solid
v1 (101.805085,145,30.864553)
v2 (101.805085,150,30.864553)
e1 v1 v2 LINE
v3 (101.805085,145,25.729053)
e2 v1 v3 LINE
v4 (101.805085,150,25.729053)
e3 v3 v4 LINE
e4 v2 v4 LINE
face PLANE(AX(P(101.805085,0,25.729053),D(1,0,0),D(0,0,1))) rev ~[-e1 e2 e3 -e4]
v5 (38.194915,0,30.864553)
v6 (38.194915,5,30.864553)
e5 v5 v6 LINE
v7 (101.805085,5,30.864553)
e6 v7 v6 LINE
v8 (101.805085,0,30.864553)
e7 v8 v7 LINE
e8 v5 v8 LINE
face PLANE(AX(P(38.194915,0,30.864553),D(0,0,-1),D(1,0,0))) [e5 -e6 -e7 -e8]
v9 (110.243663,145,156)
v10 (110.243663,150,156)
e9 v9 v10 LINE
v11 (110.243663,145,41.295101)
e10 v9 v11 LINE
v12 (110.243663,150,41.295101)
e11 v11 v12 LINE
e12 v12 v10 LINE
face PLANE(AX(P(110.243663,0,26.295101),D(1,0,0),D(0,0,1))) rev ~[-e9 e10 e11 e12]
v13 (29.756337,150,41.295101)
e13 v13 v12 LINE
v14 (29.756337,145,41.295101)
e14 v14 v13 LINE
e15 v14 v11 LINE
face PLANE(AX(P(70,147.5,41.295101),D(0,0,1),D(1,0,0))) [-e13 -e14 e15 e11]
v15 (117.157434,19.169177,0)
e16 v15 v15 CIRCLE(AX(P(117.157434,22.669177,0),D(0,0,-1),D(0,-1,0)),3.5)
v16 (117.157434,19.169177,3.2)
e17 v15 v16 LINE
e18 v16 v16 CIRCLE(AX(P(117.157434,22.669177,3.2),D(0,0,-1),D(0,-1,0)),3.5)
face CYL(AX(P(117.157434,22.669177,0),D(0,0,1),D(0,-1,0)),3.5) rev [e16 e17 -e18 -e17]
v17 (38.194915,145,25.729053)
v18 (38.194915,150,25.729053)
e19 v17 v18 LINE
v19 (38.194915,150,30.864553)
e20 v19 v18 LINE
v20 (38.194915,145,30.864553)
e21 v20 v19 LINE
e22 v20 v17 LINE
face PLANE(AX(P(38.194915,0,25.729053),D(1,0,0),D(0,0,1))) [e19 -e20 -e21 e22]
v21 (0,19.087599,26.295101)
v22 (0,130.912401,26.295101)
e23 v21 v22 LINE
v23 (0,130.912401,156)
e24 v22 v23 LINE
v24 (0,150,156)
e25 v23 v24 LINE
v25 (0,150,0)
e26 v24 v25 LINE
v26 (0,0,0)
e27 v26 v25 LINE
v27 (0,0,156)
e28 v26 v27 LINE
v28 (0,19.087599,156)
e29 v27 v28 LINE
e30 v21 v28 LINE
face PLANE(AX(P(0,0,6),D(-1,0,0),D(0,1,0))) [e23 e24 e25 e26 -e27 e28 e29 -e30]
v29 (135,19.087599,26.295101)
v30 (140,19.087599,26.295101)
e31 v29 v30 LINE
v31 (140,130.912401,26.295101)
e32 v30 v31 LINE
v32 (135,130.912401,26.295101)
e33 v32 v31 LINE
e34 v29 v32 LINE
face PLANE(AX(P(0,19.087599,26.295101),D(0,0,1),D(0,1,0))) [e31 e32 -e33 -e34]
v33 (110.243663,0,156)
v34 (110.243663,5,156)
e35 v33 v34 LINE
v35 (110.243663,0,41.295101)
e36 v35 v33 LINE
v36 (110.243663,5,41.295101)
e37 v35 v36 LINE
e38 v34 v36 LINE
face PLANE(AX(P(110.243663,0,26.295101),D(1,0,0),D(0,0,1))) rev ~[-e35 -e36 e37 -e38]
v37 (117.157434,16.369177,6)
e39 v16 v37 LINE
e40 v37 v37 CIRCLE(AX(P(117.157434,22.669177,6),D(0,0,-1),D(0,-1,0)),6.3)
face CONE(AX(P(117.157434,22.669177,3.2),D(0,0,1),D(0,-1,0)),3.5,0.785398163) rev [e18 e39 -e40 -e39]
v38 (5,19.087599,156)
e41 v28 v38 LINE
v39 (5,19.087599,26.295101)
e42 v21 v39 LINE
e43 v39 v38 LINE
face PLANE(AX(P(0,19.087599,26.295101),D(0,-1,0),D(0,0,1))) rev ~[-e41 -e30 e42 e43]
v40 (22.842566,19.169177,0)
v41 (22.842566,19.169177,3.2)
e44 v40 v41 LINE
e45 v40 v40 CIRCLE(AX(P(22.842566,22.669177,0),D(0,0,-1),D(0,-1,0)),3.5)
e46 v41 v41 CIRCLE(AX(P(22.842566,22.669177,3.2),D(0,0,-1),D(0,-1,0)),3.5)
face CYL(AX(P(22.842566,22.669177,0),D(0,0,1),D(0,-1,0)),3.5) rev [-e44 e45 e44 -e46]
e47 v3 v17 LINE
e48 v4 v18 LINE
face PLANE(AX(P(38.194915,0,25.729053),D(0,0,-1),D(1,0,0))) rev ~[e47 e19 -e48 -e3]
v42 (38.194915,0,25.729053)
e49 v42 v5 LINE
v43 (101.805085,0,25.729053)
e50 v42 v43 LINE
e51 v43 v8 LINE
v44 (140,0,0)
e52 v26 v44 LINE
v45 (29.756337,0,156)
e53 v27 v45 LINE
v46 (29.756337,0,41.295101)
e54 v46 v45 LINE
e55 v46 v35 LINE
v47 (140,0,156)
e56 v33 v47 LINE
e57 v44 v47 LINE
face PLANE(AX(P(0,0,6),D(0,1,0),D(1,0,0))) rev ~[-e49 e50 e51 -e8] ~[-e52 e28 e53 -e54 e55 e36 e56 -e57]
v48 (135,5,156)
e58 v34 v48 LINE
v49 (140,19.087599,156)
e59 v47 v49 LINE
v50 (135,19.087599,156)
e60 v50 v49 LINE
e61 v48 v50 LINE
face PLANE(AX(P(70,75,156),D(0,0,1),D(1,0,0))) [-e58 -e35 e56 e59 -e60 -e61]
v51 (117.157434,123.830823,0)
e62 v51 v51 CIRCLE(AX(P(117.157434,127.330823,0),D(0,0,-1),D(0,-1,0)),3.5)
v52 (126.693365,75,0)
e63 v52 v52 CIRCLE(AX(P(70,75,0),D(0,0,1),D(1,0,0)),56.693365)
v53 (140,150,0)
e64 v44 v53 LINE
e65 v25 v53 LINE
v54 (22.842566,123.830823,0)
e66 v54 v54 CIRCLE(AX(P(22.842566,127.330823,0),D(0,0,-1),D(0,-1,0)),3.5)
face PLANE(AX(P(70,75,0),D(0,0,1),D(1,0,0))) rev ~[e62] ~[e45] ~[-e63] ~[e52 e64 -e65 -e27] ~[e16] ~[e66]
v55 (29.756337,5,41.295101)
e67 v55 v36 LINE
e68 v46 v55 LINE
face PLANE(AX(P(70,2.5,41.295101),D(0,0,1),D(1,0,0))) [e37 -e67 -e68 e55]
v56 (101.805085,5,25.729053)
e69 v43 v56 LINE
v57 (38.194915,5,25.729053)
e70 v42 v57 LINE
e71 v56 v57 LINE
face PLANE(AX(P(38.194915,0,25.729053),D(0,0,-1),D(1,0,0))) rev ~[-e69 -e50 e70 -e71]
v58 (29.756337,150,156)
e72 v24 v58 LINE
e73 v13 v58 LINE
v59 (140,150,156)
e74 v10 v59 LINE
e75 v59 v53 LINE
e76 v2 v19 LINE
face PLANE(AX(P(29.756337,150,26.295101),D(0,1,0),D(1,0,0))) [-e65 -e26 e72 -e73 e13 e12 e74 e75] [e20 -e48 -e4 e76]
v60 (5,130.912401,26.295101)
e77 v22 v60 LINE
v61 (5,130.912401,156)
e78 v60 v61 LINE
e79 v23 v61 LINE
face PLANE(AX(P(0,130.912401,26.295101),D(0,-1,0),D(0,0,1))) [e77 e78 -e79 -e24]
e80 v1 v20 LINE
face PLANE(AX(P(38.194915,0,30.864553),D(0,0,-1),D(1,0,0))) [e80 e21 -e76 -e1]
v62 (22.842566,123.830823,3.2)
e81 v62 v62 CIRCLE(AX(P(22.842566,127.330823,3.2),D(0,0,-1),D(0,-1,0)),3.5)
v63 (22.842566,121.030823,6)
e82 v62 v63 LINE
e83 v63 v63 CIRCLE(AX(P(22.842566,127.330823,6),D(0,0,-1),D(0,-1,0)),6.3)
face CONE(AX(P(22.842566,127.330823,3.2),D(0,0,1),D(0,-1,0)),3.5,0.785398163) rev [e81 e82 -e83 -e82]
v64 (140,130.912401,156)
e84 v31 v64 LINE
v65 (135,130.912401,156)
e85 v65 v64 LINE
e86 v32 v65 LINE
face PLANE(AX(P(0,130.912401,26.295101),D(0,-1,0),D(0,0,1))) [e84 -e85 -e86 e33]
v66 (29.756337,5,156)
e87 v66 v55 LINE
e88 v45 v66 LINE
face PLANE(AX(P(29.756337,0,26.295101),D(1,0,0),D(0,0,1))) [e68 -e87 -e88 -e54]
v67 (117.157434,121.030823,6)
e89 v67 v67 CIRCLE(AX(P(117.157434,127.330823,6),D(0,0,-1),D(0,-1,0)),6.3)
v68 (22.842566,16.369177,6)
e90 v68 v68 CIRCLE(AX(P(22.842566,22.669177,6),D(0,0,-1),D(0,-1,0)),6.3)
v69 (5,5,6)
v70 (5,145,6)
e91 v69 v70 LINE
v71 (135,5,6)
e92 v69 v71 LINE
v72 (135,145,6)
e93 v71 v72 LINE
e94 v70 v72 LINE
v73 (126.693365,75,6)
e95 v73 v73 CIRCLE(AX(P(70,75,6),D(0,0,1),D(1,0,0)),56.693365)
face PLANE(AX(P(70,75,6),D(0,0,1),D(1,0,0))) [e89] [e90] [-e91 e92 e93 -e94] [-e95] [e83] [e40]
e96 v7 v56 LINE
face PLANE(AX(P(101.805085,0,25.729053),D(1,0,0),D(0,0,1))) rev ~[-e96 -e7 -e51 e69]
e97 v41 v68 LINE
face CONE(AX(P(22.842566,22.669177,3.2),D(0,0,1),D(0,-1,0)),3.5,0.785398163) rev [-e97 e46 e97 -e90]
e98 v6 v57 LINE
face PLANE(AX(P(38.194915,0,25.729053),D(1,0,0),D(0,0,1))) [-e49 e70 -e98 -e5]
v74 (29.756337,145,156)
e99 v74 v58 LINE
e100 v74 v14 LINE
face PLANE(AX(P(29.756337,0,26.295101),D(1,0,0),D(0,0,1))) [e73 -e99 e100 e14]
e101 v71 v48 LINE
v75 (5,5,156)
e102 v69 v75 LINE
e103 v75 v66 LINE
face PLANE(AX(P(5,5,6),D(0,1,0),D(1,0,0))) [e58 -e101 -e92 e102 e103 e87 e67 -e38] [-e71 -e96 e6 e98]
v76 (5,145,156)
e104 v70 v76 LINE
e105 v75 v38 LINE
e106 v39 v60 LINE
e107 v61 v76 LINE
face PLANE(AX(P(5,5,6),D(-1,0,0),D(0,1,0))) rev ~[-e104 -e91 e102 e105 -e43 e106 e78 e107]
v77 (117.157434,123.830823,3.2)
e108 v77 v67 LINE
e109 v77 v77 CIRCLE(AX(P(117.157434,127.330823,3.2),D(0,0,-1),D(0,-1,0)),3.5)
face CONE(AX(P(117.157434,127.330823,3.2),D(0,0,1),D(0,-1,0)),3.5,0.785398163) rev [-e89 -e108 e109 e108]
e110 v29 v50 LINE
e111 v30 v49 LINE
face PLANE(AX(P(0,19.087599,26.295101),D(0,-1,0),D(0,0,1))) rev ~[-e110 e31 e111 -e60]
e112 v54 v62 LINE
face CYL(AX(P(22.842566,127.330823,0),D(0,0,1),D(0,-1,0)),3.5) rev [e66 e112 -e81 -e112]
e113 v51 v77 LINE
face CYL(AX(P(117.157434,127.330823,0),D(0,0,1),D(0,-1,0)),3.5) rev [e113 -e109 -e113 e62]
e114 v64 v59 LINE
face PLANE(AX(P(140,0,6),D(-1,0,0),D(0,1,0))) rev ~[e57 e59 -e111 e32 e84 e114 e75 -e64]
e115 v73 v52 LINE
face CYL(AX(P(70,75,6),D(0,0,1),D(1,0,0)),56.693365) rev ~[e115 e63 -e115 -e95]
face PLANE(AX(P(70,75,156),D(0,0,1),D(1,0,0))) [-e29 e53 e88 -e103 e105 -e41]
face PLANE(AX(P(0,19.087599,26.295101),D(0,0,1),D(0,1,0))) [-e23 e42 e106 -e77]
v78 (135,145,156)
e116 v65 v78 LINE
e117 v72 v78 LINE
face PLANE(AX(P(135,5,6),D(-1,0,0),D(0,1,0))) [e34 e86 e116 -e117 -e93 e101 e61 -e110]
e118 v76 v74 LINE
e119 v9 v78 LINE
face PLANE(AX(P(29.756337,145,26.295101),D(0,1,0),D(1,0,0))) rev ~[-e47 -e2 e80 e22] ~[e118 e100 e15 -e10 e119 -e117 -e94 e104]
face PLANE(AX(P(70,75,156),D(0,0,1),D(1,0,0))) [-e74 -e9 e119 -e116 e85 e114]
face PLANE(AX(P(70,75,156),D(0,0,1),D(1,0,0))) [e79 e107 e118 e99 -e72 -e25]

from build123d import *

# Parameters (mm, degrees)
ESBO_O1_W                                    = 140
ESBO_O1_H                                    = 150
RESSALTO_EXTRUS_O1_DEPTH                     = 6
ESBO_O2_W                                    = 140
ESBO_O2_H                                    = 150
ESBO_O2_W_2                                  = 130
ESBO_O2_H_2                                  = 140
RESSALTO_EXTRUS_O2_DEPTH                     = 150
ESBO_O3_W                                    = 80.487326646
ESBO_O3_H                                    = 259.40979835
CORTE_EXTRUS_O1_DEPTH                        = 150
ESBO_O4_W                                    = 259.40979835
ESBO_O4_H                                    = 111.824801178
CORTE_EXTRUS_O2_DEPTH                        = 150
ESCAREADO_PARA_PARAFUSO_COM_CABE_A_E_2_COUNT = 2
ESCAREADO_PARA_PARAFUSO_COM_CABE_A_E_2_PITCH = 94.314867898
ESCAREADO_PARA_PARAFUSO_COM_CABE_A_E_3_COUNT = 2
ESCAREADO_PARA_PARAFUSO_COM_CABE_A_E_3_PITCH = 104.661646655
ESCAREADO_PARA_PARAFUSO_COM_CABE_A_E_4_COUNT = 2
ESCAREADO_PARA_PARAFUSO_COM_CABE_A_E_4_PITCH = 140.887737533
ESBO_O11_W                                   = 80.487326646
ESBO_O11_H                                   = 5
RESSALTO_EXTRUS_O5_DEPTH                     = 15
ESBO_O12_W                                   = 63.61017092
ESBO_O12_H                                   = 5.135500038
CORTE_EXTRUS_O3_DEPTH                        = 219
ESBO_O13_R                                   = 56.69336486
CORTE_EXTRUS_O4_DEPTH                        = 10


with BuildPart() as part:
    # Esboço1 → Ressalto-extrusão1 (new body)
    with BuildSketch(Plane.XY):
        with Locations((70, 75)):
            Rectangle(ESBO_O1_W, ESBO_O1_H)
    extrude(amount=RESSALTO_EXTRUS_O1_DEPTH)

    # Esboço2 → Ressalto-extrusão2 (add)
    with BuildSketch(Plane.XY.offset(6)):
        with Locations((70, 75)):
            Rectangle(ESBO_O2_W, ESBO_O2_H)
        with Locations((70, 75)):
            Rectangle(ESBO_O2_W_2, ESBO_O2_H_2, mode=Mode.SUBTRACT)
    extrude(amount=RESSALTO_EXTRUS_O2_DEPTH)

    # Esboço3 → Corte-extrusão1 (cut)
    with BuildSketch(Plane.XZ):
        with Locations((70, 156)):
            Rectangle(ESBO_O3_W, ESBO_O3_H)
    extrude(amount=-CORTE_EXTRUS_O1_DEPTH, mode=Mode.SUBTRACT)

    # Esboço4 → Corte-extrusão2 (cut)
    with BuildSketch(Plane.ZY):
        with Locations((156, 75)):
            Rectangle(ESBO_O4_W, ESBO_O4_H)
    extrude(amount=-CORTE_EXTRUS_O2_DEPTH, mode=Mode.SUBTRACT)

    # Esboço6 → Escareado para parafuso com cabeça escareada elevada de M61 (revolve, cut)
    with BuildSketch(Plane(origin=(22.842566051, 127.330823328, 6), x_dir=(0, -1, 0), z_dir=(1, 0, 0))):
        Polygon((0, 0), (0, 6), (3.5, 6), (3.5, 2.8), (6.3, 0), align=None)
    escareado_para_parafuso_com_cabe_a_escar = revolve(axis=Axis((22.842566051, 127.330823328, 12.35), (0, 0, -1)), mode=Mode.SUBTRACT)

    # Escareado para parafuso com cabe_a e 2: Escareado para parafuso com cabeça escareada elevada de M61 ×2
    with Locations(*[(i * ESCAREADO_PARA_PARAFUSO_COM_CABE_A_E_2_PITCH, 0, 0) for i in range(1, ESCAREADO_PARA_PARAFUSO_COM_CABE_A_E_2_COUNT)]):
        add(escareado_para_parafuso_com_cabe_a_escar, mode=Mode.SUBTRACT)

    # Escareado para parafuso com cabe_a e 3: Escareado para parafuso com cabeça escareada elevada de M61 ×2
    with Locations(*[(0, -i * ESCAREADO_PARA_PARAFUSO_COM_CABE_A_E_3_PITCH, 0) for i in range(1, ESCAREADO_PARA_PARAFUSO_COM_CABE_A_E_3_COUNT)]):
        add(escareado_para_parafuso_com_cabe_a_escar, mode=Mode.SUBTRACT)

    # Escareado para parafuso com cabe_a e 4: Escareado para parafuso com cabeça escareada elevada de M61 ×2
    with Locations(*[Vector(0.6694327664681964, -0.7428726480216763, 0) * (i * ESCAREADO_PARA_PARAFUSO_COM_CABE_A_E_4_PITCH) for i in range(1, ESCAREADO_PARA_PARAFUSO_COM_CABE_A_E_4_COUNT)]):
        add(escareado_para_parafuso_com_cabe_a_escar, mode=Mode.SUBTRACT)

    # Esboço11 → Ressalto-extrusão5 (add)
    with BuildSketch(Plane.XY.offset(26.295100825)):
        with Locations((70, 147.5)):
            Rectangle(ESBO_O11_W, ESBO_O11_H)
        with Locations((70, 2.5)):
            Rectangle(ESBO_O11_W, ESBO_O11_H)
    extrude(amount=RESSALTO_EXTRUS_O5_DEPTH)

    # Esboço12 → Corte-extrusão3 (cut)
    with BuildSketch(Plane.XZ):
        with Locations((70, 28.296802645)):
            Rectangle(ESBO_O12_W, ESBO_O12_H)
    extrude(amount=-CORTE_EXTRUS_O3_DEPTH, mode=Mode.SUBTRACT)

    # Esboço13 → Corte-extrusão4 (cut)
    with BuildSketch(Plane.XY.offset(6)):
        with Locations((70, 75)):
            Circle(ESBO_O13_R)
    extrude(amount=-CORTE_EXTRUS_O4_DEPTH, mode=Mode.SUBTRACT)


solid = part.part
